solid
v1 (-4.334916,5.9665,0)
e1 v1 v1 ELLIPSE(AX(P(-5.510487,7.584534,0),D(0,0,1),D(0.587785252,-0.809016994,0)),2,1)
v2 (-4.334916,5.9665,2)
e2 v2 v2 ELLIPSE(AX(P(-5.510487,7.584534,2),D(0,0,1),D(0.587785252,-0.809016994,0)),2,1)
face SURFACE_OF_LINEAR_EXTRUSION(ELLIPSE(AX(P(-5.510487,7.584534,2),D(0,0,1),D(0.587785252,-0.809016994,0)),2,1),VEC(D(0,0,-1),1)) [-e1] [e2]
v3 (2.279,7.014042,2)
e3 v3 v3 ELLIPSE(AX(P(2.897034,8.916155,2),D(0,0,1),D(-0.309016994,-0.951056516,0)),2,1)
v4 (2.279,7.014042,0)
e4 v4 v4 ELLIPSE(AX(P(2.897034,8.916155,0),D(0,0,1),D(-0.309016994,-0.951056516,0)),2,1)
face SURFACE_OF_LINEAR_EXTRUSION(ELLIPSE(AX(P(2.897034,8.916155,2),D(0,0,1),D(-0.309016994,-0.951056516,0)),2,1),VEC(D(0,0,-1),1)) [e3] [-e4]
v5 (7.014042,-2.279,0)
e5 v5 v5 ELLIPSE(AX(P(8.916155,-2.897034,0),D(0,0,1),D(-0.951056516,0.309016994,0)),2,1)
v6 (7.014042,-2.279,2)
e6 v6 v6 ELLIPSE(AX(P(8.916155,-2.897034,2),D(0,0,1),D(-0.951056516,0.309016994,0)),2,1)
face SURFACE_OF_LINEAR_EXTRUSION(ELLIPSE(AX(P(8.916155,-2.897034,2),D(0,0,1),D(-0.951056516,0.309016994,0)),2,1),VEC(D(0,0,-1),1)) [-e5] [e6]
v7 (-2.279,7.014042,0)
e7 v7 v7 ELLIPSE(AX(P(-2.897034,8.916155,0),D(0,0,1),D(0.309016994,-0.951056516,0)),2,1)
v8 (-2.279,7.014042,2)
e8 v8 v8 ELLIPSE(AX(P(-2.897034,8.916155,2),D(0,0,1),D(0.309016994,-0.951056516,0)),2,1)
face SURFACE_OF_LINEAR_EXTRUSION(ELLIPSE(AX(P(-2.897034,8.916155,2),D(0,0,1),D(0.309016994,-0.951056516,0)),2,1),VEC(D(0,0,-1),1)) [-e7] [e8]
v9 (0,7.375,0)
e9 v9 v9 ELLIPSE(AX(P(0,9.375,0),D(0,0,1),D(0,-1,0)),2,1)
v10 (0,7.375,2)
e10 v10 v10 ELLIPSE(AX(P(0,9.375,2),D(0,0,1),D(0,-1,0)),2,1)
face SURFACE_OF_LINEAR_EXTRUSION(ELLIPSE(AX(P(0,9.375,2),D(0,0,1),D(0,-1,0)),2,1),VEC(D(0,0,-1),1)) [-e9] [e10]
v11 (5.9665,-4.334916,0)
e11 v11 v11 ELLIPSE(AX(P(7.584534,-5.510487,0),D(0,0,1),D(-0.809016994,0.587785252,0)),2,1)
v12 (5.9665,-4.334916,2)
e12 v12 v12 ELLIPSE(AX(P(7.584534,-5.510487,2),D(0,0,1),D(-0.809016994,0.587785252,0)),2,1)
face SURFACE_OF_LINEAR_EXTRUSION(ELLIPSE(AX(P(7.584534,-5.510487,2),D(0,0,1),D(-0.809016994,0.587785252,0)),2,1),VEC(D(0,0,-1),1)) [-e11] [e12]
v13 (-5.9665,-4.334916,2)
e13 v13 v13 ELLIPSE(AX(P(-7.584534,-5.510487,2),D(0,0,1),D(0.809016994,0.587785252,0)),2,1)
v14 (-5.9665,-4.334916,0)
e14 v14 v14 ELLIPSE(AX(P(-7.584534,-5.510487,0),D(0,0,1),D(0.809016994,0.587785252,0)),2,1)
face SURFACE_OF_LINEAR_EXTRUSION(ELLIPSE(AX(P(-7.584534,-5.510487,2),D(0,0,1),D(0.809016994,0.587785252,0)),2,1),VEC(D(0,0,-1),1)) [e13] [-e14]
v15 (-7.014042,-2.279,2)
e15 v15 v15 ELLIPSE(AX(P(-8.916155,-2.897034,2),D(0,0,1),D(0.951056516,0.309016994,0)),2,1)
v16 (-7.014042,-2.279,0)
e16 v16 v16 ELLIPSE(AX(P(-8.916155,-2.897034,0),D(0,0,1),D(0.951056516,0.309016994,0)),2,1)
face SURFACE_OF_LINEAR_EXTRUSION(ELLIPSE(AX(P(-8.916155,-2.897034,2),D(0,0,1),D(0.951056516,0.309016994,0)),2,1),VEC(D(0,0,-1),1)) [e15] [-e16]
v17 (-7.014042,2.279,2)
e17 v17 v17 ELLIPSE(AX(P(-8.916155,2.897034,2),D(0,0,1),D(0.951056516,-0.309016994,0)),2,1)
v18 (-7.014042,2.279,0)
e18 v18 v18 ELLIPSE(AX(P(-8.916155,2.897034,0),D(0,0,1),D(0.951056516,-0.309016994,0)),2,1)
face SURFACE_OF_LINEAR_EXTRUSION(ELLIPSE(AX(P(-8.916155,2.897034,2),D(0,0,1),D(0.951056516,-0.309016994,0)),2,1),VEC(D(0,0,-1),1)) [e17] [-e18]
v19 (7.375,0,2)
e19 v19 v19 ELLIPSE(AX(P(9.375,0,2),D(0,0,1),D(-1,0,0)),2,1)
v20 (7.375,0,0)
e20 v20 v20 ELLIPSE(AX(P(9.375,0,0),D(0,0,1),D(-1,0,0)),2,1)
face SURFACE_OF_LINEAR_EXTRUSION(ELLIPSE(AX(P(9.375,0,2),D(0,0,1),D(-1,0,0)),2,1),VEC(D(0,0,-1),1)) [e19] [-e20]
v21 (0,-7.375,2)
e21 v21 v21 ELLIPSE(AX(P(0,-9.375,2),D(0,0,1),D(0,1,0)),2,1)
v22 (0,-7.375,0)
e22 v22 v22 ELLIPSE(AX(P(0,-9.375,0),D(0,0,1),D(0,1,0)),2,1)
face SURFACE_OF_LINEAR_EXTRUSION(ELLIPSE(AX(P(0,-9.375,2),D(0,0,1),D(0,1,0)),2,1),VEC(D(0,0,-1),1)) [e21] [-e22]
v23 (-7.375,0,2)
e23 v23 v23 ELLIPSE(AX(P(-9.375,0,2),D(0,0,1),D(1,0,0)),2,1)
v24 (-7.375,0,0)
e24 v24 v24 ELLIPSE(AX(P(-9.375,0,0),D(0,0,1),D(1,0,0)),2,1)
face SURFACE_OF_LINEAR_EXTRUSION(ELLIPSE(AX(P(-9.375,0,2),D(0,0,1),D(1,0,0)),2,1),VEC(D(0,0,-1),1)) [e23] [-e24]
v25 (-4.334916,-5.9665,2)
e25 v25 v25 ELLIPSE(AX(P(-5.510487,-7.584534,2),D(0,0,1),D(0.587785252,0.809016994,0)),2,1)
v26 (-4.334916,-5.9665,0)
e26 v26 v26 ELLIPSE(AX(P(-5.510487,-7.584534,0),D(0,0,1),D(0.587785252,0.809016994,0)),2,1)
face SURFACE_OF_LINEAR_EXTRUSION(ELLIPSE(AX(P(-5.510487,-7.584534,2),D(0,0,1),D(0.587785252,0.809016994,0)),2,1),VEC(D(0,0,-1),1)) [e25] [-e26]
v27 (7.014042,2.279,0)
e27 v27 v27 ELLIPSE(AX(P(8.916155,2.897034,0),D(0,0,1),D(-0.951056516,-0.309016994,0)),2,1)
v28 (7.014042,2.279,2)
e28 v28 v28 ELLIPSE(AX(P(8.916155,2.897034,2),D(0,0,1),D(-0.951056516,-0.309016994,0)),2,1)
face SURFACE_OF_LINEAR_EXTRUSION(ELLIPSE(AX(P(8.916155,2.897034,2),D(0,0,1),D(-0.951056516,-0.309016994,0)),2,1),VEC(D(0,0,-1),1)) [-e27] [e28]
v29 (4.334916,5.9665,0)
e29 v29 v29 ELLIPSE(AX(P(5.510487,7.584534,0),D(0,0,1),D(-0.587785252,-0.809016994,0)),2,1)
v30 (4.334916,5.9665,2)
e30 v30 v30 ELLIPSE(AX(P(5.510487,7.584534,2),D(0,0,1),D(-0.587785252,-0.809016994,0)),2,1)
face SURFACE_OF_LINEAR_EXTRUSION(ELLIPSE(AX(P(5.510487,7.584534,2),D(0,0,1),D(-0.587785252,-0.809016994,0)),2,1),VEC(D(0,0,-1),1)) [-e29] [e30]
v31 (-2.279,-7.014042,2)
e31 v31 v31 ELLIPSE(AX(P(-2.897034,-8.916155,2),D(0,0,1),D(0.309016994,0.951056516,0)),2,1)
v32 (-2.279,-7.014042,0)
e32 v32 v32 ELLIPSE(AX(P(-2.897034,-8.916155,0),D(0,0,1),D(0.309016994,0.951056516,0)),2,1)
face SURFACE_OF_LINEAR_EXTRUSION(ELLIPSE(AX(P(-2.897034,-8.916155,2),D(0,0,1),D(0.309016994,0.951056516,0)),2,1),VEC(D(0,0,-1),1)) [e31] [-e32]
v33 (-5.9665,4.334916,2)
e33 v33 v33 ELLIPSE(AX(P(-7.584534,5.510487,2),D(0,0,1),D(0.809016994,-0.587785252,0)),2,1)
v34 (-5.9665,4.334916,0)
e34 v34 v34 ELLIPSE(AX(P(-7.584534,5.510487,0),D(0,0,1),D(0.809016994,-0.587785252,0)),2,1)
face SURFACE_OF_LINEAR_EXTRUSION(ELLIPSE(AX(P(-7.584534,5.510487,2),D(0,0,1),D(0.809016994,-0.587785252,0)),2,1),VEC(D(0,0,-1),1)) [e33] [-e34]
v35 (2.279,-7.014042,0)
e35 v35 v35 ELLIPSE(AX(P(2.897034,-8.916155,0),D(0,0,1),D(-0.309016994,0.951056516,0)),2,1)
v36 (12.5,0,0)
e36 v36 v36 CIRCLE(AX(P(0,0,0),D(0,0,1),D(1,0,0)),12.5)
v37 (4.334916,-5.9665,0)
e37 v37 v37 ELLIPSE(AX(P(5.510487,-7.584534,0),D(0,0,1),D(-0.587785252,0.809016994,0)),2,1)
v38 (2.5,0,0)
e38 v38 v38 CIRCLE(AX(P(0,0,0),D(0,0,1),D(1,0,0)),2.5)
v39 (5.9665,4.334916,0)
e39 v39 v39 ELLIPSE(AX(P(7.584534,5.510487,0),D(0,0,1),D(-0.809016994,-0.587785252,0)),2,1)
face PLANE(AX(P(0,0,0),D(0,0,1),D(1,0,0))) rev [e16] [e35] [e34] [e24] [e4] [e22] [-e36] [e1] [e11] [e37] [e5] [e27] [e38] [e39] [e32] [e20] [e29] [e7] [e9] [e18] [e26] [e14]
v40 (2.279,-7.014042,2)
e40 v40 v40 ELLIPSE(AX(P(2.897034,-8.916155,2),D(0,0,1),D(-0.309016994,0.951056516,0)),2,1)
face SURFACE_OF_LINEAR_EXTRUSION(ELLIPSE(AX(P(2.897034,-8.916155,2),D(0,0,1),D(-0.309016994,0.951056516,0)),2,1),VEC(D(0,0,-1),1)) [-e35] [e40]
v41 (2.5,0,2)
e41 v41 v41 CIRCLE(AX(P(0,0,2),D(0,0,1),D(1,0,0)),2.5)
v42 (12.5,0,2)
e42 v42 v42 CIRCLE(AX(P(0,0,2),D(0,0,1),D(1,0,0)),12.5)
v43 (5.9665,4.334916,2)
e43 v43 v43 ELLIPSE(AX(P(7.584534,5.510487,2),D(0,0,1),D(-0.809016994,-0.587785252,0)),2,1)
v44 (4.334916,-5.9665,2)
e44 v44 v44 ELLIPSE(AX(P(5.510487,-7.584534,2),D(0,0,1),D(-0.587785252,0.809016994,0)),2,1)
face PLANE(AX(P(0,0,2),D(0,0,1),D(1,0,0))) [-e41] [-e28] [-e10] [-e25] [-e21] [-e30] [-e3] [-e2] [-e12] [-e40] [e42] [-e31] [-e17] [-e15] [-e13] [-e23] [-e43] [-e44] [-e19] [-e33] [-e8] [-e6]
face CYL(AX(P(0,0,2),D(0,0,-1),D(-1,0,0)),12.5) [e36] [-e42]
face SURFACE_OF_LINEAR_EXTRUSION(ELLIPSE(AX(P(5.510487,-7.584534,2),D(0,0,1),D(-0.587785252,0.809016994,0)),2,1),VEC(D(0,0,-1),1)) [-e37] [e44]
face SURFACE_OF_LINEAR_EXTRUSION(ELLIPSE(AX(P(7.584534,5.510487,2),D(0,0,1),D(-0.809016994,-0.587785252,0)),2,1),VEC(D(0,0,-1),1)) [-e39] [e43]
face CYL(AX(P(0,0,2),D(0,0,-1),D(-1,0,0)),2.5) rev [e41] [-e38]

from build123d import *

# Parameters (mm, degrees)
SKETCH1_R           = 12.5
SKETCH1_R_2         = 2.5
SKETCH1_RX          = 2
SKETCH1_RY          = 1
BOSS_EXTRUDE1_DEPTH = 2


with BuildPart() as part:
    # Sketch1 → Boss-Extrude1 (new body)
    with BuildSketch(Plane.XY):
        Circle(SKETCH1_R)
        Circle(SKETCH1_R_2, mode=Mode.SUBTRACT)
        with Locations(Location((0, 9.375), (0, 0, -90))):
            Ellipse(SKETCH1_RX, SKETCH1_RY, mode=Mode.SUBTRACT)
        with Locations(Location((2.897034322, 8.91615484), (0, 0, 72))):
            Ellipse(SKETCH1_RX, SKETCH1_RY, mode=Mode.SUBTRACT)
        with Locations(Location((5.51048674, 7.584534322), (0, 0, 54))):
            Ellipse(SKETCH1_RX, SKETCH1_RY, mode=Mode.SUBTRACT)
        with Locations(Location((7.584534322, 5.51048674), (0, 0, -144))):
            Ellipse(SKETCH1_RX, SKETCH1_RY, mode=Mode.SUBTRACT)
        with Locations(Location((8.91615484, 2.897034322), (0, 0, 18))):
            Ellipse(SKETCH1_RX, SKETCH1_RY, mode=Mode.SUBTRACT)
        with Locations(Location((9.375, 0), (0, 0, 180))):
            Ellipse(SKETCH1_RX, SKETCH1_RY, mode=Mode.SUBTRACT)
        with Locations(Location((8.91615484, -2.897034322), (0, 0, -18))):
            Ellipse(SKETCH1_RX, SKETCH1_RY, mode=Mode.SUBTRACT)
        with Locations(Location((7.584534322, -5.51048674), (0, 0, -36))):
            Ellipse(SKETCH1_RX, SKETCH1_RY, mode=Mode.SUBTRACT)
        with Locations(Location((5.51048674, -7.584534322), (0, 0, 126))):
            Ellipse(SKETCH1_RX, SKETCH1_RY, mode=Mode.SUBTRACT)
        with Locations(Location((2.897034322, -8.91615484), (0, 0, 108))):
            Ellipse(SKETCH1_RX, SKETCH1_RY, mode=Mode.SUBTRACT)
        with Locations(Location((0, -9.375), (0, 0, 90))):
            Ellipse(SKETCH1_RX, SKETCH1_RY, mode=Mode.SUBTRACT)
        with Locations(Location((-2.897034322, -8.91615484), (0, 0, 72))):
            Ellipse(SKETCH1_RX, SKETCH1_RY, mode=Mode.SUBTRACT)
        with Locations(Location((-5.51048674, -7.584534322), (0, 0, 54))):
            Ellipse(SKETCH1_RX, SKETCH1_RY, mode=Mode.SUBTRACT)
        with Locations(Location((-7.584534322, -5.51048674), (0, 0, -144))):
            Ellipse(SKETCH1_RX, SKETCH1_RY, mode=Mode.SUBTRACT)
        with Locations(Location((-8.91615484, -2.897034322), (0, 0, 18))):
            Ellipse(SKETCH1_RX, SKETCH1_RY, mode=Mode.SUBTRACT)
        with Locations(Location((-9.375, 0), (0, 0, 0))):
            Ellipse(SKETCH1_RX, SKETCH1_RY, mode=Mode.SUBTRACT)
        with Locations(Location((-8.91615484, 2.897034322), (0, 0, 162))):
            Ellipse(SKETCH1_RX, SKETCH1_RY, mode=Mode.SUBTRACT)
        with Locations(Location((-7.584534322, 5.51048674), (0, 0, -36))):
            Ellipse(SKETCH1_RX, SKETCH1_RY, mode=Mode.SUBTRACT)
        with Locations(Location((-5.51048674, 7.584534322), (0, 0, -54))):
            Ellipse(SKETCH1_RX, SKETCH1_RY, mode=Mode.SUBTRACT)
        with Locations(Location((-2.897034322, 8.91615484), (0, 0, -72))):
            Ellipse(SKETCH1_RX, SKETCH1_RY, mode=Mode.SUBTRACT)
    extrude(amount=BOSS_EXTRUDE1_DEPTH)


solid = part.part
